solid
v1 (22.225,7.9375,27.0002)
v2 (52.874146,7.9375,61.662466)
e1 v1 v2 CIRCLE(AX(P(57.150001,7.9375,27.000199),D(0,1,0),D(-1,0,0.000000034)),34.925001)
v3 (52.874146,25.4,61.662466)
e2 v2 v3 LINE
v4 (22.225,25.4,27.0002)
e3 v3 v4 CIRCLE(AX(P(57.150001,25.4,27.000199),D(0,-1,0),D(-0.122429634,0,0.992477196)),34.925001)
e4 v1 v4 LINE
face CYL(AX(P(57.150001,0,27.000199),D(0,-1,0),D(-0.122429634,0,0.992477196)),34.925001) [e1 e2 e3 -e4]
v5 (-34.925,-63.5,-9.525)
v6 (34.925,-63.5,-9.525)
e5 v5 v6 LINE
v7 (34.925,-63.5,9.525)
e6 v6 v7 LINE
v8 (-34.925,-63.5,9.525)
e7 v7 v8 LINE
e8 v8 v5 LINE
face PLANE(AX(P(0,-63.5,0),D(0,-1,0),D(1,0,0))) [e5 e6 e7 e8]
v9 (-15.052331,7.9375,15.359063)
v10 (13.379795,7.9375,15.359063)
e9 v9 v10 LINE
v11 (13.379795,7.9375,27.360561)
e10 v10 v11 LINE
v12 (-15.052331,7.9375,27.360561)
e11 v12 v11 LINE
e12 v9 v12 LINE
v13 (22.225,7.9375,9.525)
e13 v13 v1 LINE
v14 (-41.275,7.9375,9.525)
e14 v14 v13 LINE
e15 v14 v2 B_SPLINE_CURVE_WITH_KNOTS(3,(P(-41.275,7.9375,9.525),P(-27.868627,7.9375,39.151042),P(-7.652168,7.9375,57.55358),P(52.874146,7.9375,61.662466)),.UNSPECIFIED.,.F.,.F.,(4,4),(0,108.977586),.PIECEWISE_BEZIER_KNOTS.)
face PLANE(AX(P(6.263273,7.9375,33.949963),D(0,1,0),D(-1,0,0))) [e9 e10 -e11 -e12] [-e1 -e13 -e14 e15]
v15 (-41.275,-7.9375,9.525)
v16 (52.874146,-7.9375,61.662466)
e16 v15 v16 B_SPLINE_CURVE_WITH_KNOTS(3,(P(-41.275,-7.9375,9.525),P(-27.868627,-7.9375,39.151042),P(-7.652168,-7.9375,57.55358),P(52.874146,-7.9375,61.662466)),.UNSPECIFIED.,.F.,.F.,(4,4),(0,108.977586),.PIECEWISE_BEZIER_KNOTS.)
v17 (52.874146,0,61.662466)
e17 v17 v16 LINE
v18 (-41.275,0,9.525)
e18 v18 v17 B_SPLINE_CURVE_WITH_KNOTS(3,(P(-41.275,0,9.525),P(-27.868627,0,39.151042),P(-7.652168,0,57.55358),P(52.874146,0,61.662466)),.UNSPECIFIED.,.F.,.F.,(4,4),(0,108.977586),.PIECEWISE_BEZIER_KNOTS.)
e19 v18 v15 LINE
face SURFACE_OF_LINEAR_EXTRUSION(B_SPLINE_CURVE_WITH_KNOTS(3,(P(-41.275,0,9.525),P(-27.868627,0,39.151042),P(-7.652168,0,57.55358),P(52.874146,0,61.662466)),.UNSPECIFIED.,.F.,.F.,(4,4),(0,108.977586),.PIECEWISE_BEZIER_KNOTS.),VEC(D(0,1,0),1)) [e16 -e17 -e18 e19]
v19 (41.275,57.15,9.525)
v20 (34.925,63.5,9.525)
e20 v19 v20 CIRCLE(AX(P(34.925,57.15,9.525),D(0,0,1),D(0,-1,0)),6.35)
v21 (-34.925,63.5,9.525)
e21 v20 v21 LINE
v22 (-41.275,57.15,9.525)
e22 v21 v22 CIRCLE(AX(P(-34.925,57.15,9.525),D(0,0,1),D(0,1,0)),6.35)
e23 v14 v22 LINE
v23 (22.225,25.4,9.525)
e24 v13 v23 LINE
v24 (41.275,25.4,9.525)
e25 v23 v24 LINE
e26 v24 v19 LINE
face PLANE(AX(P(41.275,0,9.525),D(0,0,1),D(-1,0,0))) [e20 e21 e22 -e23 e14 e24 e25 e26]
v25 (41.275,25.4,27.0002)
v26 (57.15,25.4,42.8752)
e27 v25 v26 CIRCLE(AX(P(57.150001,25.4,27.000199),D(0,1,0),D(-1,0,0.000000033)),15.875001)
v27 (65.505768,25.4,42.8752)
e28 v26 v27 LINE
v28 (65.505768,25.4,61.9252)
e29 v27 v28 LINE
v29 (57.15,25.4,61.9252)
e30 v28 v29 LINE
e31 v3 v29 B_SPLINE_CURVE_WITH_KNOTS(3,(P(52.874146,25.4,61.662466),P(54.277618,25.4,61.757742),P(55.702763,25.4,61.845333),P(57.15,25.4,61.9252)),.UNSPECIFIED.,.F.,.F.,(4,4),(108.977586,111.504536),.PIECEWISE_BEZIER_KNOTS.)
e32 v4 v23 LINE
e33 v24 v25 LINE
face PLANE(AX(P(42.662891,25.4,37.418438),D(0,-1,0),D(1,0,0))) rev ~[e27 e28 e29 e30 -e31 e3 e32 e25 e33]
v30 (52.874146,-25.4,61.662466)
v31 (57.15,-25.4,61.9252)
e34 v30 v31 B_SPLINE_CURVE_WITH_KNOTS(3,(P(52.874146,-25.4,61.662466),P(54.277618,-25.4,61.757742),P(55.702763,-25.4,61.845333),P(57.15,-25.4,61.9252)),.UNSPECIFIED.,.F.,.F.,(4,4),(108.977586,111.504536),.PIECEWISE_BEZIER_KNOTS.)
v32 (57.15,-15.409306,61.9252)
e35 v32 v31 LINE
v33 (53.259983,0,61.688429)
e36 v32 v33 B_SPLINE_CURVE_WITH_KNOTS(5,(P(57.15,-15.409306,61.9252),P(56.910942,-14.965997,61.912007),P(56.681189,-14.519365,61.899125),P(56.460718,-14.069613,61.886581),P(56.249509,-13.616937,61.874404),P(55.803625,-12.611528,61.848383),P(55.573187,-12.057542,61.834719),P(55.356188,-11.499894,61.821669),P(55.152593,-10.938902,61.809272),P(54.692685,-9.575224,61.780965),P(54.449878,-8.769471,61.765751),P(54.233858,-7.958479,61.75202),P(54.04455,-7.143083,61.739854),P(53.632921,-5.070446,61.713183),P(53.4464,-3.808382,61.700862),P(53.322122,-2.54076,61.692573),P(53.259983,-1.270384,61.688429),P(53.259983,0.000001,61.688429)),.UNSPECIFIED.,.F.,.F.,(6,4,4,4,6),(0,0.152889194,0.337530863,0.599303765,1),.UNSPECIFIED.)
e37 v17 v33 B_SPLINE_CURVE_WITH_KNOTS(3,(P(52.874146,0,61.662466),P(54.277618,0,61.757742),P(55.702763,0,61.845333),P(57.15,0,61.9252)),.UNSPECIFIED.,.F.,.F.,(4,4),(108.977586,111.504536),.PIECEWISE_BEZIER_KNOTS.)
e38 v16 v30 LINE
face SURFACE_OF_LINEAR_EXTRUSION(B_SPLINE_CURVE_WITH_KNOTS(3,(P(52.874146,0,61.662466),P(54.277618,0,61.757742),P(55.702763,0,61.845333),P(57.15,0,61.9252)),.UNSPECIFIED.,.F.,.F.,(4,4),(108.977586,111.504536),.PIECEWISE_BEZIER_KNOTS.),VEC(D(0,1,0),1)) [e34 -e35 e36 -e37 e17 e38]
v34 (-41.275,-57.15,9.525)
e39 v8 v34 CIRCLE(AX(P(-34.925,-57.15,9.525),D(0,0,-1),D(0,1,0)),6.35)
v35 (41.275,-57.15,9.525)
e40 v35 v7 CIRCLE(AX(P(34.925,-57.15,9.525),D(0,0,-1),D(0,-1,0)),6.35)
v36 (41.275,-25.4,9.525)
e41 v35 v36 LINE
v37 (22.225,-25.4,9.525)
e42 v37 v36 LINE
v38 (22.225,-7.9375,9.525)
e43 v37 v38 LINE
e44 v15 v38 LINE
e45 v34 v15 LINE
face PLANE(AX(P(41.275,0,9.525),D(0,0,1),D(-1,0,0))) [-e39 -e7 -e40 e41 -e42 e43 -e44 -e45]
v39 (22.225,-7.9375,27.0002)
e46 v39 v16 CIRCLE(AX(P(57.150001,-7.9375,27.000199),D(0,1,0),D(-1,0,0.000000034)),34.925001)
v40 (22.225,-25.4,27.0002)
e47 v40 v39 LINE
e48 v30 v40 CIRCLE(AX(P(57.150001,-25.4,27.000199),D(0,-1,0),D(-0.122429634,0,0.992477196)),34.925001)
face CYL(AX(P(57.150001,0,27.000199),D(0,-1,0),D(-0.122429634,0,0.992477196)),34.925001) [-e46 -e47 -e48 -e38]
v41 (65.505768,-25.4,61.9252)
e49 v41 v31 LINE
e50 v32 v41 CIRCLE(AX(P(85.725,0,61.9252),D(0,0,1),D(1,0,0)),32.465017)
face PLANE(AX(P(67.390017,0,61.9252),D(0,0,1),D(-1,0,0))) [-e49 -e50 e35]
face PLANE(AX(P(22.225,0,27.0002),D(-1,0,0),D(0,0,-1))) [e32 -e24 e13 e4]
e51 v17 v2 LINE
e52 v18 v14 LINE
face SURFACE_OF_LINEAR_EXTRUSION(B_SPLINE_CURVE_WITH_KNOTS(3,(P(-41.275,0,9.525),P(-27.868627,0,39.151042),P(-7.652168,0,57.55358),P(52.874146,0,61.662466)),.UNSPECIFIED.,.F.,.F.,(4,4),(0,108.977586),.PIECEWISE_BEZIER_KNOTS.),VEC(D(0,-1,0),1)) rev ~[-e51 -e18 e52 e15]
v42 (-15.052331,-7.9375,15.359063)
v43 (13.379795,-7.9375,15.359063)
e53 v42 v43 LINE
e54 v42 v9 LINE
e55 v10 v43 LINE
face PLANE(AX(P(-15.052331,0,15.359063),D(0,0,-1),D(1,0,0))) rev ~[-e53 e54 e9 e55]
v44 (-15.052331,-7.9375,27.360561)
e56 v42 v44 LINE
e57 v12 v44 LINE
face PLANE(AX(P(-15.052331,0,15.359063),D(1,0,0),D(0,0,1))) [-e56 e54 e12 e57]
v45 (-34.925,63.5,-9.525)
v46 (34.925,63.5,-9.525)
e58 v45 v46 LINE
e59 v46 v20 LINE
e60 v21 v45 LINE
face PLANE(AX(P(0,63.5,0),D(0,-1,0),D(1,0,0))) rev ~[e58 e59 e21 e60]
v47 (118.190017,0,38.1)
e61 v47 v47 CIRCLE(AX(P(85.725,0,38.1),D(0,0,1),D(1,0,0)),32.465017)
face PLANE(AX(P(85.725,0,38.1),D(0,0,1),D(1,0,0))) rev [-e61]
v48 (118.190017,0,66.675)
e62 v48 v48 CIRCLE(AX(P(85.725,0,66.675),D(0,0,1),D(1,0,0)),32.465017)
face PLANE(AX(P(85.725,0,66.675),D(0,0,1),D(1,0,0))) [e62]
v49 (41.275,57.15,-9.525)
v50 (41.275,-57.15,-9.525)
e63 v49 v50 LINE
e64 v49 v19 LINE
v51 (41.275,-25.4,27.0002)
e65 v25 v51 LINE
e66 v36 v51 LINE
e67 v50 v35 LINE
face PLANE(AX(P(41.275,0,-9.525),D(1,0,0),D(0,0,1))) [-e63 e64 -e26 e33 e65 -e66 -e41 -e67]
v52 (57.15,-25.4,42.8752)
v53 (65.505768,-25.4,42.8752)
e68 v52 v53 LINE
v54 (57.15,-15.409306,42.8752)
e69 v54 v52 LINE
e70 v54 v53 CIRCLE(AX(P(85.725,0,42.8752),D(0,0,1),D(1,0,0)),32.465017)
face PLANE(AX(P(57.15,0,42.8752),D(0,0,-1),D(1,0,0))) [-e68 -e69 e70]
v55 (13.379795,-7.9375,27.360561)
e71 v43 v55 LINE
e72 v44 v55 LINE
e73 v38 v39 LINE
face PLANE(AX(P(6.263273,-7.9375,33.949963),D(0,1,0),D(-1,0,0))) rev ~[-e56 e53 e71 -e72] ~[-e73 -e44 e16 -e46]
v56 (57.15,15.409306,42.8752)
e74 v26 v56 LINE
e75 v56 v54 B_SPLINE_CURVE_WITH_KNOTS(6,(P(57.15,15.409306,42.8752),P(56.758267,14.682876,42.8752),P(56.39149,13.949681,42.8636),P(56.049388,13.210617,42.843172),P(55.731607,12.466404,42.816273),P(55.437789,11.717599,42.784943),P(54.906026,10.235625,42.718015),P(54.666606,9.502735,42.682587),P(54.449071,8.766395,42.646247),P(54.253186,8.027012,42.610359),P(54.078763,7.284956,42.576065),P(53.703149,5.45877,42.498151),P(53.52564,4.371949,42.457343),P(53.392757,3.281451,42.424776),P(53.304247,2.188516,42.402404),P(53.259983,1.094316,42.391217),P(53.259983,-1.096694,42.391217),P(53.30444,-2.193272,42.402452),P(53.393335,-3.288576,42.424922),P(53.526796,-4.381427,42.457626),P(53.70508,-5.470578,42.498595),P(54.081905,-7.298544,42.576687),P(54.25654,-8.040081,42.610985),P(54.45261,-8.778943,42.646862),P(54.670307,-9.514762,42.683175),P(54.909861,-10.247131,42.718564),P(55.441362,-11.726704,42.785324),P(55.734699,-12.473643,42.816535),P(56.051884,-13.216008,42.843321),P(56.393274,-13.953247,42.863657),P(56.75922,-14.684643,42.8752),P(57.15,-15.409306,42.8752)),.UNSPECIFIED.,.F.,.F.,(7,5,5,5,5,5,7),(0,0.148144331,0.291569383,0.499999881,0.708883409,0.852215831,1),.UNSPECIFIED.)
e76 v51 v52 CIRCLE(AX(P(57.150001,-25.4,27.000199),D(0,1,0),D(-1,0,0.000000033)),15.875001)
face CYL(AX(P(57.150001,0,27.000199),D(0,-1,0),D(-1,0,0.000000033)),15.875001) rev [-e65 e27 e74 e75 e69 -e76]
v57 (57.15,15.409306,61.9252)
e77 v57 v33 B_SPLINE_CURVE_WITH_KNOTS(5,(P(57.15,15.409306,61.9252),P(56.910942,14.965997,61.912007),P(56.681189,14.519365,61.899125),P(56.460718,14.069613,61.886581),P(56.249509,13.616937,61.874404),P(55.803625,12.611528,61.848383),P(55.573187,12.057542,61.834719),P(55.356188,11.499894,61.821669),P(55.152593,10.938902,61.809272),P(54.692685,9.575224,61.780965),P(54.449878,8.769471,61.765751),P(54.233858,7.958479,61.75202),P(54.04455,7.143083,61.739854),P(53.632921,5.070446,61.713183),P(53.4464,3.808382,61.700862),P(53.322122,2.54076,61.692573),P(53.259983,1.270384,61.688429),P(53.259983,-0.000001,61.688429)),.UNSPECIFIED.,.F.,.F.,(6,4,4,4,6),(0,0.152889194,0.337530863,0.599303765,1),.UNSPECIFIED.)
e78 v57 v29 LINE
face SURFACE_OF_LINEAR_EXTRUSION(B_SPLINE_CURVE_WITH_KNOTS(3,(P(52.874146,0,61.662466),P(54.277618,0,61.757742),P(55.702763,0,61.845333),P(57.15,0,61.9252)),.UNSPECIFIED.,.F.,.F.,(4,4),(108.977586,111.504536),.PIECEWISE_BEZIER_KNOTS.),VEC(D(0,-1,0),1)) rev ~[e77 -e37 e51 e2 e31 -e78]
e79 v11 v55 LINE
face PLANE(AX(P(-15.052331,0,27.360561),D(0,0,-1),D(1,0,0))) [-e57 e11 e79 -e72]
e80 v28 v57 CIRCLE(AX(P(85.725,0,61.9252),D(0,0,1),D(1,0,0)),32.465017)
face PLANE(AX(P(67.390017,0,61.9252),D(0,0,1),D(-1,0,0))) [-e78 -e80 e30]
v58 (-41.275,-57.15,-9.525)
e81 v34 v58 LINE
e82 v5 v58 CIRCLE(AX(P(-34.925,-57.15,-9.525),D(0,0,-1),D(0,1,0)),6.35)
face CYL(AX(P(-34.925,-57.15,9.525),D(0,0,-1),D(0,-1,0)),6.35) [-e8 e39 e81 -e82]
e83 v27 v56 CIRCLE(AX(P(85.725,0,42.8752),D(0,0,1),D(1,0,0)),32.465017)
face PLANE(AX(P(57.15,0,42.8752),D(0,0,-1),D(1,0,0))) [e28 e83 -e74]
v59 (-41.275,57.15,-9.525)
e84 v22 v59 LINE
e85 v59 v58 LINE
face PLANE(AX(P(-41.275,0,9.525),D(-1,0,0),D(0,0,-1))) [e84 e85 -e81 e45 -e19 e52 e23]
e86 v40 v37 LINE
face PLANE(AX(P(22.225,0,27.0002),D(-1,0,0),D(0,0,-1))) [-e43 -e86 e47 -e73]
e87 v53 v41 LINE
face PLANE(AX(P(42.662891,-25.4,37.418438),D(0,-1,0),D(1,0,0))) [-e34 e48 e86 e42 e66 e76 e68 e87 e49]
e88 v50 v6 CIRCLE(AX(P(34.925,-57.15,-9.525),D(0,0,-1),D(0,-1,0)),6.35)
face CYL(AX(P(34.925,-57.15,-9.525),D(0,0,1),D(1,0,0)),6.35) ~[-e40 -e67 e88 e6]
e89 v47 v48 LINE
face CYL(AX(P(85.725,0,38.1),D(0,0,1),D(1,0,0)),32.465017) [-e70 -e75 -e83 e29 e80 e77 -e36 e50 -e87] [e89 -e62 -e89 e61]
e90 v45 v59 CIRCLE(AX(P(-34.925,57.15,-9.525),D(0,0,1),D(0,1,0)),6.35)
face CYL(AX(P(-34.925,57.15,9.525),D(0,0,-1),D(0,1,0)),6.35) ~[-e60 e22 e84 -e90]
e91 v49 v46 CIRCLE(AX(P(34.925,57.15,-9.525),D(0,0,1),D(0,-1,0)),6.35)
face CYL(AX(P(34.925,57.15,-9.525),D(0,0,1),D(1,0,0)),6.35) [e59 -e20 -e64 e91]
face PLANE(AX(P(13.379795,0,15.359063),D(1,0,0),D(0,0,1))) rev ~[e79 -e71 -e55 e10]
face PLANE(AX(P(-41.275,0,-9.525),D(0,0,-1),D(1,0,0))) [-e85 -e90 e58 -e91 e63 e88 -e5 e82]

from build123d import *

# Parameters (mm, degrees)
F1_DEPTH = 63.5
F0_W     = 28.432126
F0_H     = 12.001499
F2_DEPTH = 7.9375
F0_W_2   = 18.334983
F0_H_2   = 4.7498
F3_DEPTH = 25.4
F5_R     = 6.35


with BuildPart() as f1:
    # F0 (on Front) → F1 (new body, symmetric)
    with BuildSketch(Plane.XZ):
        Polygon((-41.275, 9.525), (-41.275, -9.525), (41.275, -9.525), (41.275, 9.525), (22.225, 9.525), align=None)
    extrude(amount=F1_DEPTH, both=True)

    # F0 (on Front) → F2 (join, symmetric)
    with BuildSketch(Plane.XZ):
        with BuildLine():
            add(Edge.make_bspline(
                [(-41.275, 9.525), (-27.868627, 39.151042), (-7.652168, 57.55358), (52.874146, 61.662466)],
                knots=[0, 0, 0, 0, 108.977586, 108.977586, 108.977586, 108.977586], degree=3))
            Line((-41.275, 9.525), (22.225, 9.525))
            Line((22.225, 9.525), (22.225, 27.0002))
            ThreePointArc((22.225, 27.0002), (30.986191, 50.134821), (52.874146, 61.662466))
        make_face()
        with Locations((-0.836268, 21.359812)):
            Rectangle(F0_W, F0_H, mode=Mode.SUBTRACT)
    extrude(amount=F2_DEPTH, both=True)

    # F0 (on Front) → F3 (join, symmetric)
    with BuildSketch(Plane.XZ):
        with BuildLine():
            Line((22.225, 9.525), (41.275, 9.525))
            Line((41.275, 9.525), (41.275, 27.0002))
            ThreePointArc((41.275, 27.0002), (45.92468, 38.22552), (57.15, 42.8752))
            Line((57.15, 42.8752), (67.390017, 42.8752))
            Line((67.390017, 42.8752), (67.390017, 61.9252))
            Line((67.390017, 61.9252), (57.15, 61.9252))
            add(Edge.make_bspline(
                [(52.874146, 61.662466), (54.277618, 61.757742), (55.702763, 61.845333), (57.15, 61.9252)],
                knots=[108.977586, 108.977586, 108.977586, 108.977586, 111.504536, 111.504536, 111.504536, 111.504536], degree=3))
            ThreePointArc((52.874146, 61.662466), (30.986191, 50.134821), (22.225, 27.0002))
            Line((22.225, 27.0002), (22.225, 9.525))
        make_face()
        with Locations((76.557508, 64.3001)):
            Rectangle(F0_W_2, F0_H_2)
    extrude(amount=F3_DEPTH, both=True)

    # F0 (on Front) → F4 (revolve)
    with BuildSketch(Plane.XZ):
        Polygon((85.725, 66.675), (85.725, 61.9252), (85.725, 42.8752), (85.725, 38.1), (118.190017, 38.1), (118.190017, 66.675), align=None)
    revolve(axis=Axis((85.725, 0, 52.4002), (0, 0, 1)))

    # F5
    f5_edges = [f1.edges().sort_by_distance(p)[0] for p in [
        (-41.275, -63.5, 0),
        (41.275, -63.5, 0),
        (41.275, 63.5, 0),
        (-41.275, 63.5, 0),
    ]]
    fillet(f5_edges, radius=F5_R)


solid = f1.part
